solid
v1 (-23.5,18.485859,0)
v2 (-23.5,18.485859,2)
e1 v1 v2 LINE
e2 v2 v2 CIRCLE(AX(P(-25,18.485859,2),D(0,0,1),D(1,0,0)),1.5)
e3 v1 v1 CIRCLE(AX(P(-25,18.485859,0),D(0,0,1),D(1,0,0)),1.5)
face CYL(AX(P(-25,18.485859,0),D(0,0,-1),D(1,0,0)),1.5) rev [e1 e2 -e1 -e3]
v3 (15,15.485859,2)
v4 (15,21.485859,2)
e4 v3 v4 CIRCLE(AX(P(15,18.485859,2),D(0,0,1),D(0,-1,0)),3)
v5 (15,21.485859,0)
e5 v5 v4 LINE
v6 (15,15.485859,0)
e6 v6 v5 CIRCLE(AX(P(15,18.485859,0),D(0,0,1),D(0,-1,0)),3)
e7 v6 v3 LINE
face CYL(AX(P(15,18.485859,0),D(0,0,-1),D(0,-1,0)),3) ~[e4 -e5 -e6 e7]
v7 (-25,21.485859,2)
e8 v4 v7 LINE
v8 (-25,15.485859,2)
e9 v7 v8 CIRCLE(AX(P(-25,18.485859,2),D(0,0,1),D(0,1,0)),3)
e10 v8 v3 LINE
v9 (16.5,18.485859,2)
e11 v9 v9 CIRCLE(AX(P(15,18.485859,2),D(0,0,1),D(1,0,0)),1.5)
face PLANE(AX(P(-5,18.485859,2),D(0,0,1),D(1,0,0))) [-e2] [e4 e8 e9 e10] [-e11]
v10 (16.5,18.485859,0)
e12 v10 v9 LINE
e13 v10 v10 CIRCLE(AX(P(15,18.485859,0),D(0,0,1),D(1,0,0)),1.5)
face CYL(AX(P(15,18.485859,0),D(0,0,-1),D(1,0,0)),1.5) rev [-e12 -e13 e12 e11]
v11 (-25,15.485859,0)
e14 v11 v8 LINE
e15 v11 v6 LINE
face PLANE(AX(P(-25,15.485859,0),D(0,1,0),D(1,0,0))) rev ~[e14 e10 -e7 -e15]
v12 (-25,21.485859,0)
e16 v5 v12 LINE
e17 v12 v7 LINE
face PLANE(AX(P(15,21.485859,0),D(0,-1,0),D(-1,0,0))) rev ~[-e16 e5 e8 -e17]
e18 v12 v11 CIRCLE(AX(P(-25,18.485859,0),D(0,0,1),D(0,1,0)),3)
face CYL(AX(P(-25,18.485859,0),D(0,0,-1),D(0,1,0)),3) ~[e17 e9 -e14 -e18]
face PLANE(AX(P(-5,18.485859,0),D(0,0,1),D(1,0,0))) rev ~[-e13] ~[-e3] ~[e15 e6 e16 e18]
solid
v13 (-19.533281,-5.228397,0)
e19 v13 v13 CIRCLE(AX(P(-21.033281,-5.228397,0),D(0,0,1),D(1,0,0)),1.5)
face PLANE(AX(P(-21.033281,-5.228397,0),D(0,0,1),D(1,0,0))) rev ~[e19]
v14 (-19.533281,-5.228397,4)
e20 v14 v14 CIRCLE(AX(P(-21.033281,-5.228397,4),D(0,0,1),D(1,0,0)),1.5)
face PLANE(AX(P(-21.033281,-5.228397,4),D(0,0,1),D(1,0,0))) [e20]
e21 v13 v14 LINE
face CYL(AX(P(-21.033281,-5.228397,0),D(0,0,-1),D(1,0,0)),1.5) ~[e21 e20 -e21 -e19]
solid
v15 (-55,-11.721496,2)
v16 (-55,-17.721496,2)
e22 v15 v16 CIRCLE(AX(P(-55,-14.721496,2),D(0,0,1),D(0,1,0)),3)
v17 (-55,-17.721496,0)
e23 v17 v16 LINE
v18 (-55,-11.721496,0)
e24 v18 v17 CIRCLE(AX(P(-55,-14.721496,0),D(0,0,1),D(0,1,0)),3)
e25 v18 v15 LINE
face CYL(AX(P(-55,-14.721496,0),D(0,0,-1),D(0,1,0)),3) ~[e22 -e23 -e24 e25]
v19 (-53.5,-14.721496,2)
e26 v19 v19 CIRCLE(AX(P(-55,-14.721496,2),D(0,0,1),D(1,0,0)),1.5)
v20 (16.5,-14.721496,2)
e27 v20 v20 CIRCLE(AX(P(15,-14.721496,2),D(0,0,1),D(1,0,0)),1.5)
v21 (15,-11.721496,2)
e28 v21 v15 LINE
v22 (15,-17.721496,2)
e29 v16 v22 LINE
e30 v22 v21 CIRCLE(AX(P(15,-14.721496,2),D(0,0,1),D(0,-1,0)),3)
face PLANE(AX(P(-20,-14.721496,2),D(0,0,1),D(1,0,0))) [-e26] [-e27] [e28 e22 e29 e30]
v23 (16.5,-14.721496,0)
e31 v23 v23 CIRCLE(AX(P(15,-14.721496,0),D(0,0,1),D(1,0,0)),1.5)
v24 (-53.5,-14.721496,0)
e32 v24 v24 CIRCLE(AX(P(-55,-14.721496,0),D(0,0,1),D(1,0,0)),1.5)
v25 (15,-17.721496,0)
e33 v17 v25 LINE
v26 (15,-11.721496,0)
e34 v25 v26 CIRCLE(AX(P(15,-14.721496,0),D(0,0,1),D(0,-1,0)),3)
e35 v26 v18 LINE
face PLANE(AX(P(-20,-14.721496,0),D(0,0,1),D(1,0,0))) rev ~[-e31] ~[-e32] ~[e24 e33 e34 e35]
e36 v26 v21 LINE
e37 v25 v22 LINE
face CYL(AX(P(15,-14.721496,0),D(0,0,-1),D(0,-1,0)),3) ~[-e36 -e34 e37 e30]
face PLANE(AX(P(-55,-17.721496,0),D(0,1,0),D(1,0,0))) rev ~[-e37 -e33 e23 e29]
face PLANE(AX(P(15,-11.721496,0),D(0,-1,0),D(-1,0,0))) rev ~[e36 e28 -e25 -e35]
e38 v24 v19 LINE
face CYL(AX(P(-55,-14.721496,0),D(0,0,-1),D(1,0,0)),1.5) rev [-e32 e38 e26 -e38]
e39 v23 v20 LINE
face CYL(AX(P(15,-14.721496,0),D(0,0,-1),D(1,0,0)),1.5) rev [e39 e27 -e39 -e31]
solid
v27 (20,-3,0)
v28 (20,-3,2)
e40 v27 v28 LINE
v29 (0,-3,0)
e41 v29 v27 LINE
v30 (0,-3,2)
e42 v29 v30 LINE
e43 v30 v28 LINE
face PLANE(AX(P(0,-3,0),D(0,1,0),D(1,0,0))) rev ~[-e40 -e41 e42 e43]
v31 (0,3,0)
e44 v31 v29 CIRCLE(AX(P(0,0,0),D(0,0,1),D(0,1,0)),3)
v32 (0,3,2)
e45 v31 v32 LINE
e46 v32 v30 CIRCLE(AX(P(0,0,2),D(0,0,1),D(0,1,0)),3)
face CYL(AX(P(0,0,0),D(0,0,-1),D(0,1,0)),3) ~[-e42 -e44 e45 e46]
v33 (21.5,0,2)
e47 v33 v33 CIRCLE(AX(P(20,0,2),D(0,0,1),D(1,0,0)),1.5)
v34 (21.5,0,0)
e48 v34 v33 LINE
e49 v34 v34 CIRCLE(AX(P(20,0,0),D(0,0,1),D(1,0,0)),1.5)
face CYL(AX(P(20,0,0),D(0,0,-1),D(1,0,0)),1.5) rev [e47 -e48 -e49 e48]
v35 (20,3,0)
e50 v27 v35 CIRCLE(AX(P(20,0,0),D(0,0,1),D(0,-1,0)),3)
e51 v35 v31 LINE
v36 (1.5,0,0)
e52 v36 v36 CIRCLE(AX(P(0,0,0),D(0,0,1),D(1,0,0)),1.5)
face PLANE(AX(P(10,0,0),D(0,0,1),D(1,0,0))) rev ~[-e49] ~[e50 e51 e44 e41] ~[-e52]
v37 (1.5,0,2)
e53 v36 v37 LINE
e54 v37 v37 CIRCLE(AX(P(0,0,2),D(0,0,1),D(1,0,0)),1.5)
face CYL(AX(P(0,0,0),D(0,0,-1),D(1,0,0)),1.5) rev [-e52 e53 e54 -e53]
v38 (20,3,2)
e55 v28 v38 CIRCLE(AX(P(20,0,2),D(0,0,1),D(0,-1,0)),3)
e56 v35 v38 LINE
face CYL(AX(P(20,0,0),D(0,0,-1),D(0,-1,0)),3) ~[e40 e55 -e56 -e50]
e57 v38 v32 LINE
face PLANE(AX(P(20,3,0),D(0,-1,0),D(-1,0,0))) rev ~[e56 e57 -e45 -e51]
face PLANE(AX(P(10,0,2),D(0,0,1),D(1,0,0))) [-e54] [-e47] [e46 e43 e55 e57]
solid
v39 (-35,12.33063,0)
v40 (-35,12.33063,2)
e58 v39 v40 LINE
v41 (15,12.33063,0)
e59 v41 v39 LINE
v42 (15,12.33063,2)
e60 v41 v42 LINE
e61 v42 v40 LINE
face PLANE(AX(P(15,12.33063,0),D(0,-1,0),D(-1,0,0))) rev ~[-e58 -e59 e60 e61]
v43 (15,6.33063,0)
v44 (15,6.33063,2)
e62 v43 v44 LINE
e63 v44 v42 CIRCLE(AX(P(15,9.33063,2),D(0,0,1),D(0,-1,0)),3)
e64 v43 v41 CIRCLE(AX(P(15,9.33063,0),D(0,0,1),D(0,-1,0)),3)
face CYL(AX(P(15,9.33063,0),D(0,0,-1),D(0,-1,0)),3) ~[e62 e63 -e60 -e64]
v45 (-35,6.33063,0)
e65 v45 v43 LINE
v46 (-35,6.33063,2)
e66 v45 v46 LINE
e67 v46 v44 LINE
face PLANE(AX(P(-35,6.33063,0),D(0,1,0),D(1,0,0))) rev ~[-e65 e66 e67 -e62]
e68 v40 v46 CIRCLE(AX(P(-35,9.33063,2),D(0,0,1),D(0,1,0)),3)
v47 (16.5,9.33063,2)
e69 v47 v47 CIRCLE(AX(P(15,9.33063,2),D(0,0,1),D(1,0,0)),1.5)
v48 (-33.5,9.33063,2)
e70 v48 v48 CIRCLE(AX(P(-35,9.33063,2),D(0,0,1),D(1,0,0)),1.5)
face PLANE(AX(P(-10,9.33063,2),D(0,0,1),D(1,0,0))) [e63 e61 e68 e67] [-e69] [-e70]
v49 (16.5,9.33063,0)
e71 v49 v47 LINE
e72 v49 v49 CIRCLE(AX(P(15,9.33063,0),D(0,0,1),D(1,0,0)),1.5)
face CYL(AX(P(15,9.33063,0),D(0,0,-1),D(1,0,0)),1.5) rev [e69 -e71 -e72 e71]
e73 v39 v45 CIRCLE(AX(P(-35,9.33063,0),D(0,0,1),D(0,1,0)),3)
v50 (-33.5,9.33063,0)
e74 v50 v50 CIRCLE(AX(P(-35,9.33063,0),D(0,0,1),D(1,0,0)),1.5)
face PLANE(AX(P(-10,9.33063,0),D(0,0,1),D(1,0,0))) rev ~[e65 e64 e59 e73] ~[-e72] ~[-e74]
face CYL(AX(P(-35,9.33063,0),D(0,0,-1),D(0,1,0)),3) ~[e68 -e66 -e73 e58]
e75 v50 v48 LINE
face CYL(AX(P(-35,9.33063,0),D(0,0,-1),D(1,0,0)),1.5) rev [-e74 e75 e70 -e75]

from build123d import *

# Parameters (mm, degrees)
F0_R     = 1.5
F1_DEPTH = 2
F2_R     = 1.5
F3_DEPTH = 2
F4_R     = 1.5
F5_DEPTH = 2
F6_R     = 1.5
F7_DEPTH = 2
F8_R     = 1.5
F9_DEPTH = 4


with BuildPart() as f1:
    # F0 (on Top) → F1 (new body)
    with BuildSketch(Plane.XY):
        with BuildLine():
            Line((20, 3), (0, 3))
            ThreePointArc((0, 3), (-3, 0), (0, -3))
            Line((0, -3), (20, -3))
            ThreePointArc((20, -3), (23, 0), (20, 3))
        make_face()
        Circle(F0_R, mode=Mode.SUBTRACT)
        with Locations((20, 0)):
            Circle(F0_R, mode=Mode.SUBTRACT)
    extrude(amount=F1_DEPTH)


with BuildPart() as f3:
    # F2 (on Top) → F3 (new body)
    with BuildSketch(Plane.XY):
        with BuildLine():
            Line((15, 21.485859), (-25, 21.485859))
            ThreePointArc((-25, 21.485859), (-28, 18.485859), (-25, 15.485859))
            Line((-25, 15.485859), (15, 15.485859))
            ThreePointArc((15, 15.485859), (18, 18.485859), (15, 21.485859))
        make_face()
        with Locations((-25, 18.485859)):
            Circle(F2_R, mode=Mode.SUBTRACT)
        with Locations((15, 18.485859)):
            Circle(F2_R, mode=Mode.SUBTRACT)
    extrude(amount=F3_DEPTH)


with BuildPart() as f5:
    # F4 (on Top) → F5 (new body)
    with BuildSketch(Plane.XY):
        with BuildLine():
            Line((15, -11.721496), (-55, -11.721496))
            ThreePointArc((-55, -11.721496), (-58, -14.721496), (-55, -17.721496))
            Line((-55, -17.721496), (15, -17.721496))
            ThreePointArc((15, -17.721496), (18, -14.721496), (15, -11.721496))
        make_face()
        with Locations((-55, -14.721496)):
            Circle(F4_R, mode=Mode.SUBTRACT)
        with Locations((15, -14.721496)):
            Circle(F4_R, mode=Mode.SUBTRACT)
    extrude(amount=F5_DEPTH)


with BuildPart() as f7:
    # F6 (on Top) → F7 (new body)
    with BuildSketch(Plane.XY):
        with BuildLine():
            Line((15, 12.33063), (-35, 12.33063))
            ThreePointArc((-35, 12.33063), (-38, 9.33063), (-35, 6.33063))
            Line((-35, 6.33063), (15, 6.33063))
            ThreePointArc((15, 6.33063), (18, 9.33063), (15, 12.33063))
        make_face()
        with Locations((-35, 9.33063)):
            Circle(F6_R, mode=Mode.SUBTRACT)
        with Locations((15, 9.33063)):
            Circle(F6_R, mode=Mode.SUBTRACT)
    extrude(amount=F7_DEPTH)


with BuildPart() as f9:
    # F8 (on Top) → F9 (new body)
    with BuildSketch(Plane.XY):
        with Locations((-21.033281, -5.228397)):
            Circle(F8_R)
    extrude(amount=F9_DEPTH)


solid = Compound([f1.part, f3.part, f5.part, f7.part, f9.part])
